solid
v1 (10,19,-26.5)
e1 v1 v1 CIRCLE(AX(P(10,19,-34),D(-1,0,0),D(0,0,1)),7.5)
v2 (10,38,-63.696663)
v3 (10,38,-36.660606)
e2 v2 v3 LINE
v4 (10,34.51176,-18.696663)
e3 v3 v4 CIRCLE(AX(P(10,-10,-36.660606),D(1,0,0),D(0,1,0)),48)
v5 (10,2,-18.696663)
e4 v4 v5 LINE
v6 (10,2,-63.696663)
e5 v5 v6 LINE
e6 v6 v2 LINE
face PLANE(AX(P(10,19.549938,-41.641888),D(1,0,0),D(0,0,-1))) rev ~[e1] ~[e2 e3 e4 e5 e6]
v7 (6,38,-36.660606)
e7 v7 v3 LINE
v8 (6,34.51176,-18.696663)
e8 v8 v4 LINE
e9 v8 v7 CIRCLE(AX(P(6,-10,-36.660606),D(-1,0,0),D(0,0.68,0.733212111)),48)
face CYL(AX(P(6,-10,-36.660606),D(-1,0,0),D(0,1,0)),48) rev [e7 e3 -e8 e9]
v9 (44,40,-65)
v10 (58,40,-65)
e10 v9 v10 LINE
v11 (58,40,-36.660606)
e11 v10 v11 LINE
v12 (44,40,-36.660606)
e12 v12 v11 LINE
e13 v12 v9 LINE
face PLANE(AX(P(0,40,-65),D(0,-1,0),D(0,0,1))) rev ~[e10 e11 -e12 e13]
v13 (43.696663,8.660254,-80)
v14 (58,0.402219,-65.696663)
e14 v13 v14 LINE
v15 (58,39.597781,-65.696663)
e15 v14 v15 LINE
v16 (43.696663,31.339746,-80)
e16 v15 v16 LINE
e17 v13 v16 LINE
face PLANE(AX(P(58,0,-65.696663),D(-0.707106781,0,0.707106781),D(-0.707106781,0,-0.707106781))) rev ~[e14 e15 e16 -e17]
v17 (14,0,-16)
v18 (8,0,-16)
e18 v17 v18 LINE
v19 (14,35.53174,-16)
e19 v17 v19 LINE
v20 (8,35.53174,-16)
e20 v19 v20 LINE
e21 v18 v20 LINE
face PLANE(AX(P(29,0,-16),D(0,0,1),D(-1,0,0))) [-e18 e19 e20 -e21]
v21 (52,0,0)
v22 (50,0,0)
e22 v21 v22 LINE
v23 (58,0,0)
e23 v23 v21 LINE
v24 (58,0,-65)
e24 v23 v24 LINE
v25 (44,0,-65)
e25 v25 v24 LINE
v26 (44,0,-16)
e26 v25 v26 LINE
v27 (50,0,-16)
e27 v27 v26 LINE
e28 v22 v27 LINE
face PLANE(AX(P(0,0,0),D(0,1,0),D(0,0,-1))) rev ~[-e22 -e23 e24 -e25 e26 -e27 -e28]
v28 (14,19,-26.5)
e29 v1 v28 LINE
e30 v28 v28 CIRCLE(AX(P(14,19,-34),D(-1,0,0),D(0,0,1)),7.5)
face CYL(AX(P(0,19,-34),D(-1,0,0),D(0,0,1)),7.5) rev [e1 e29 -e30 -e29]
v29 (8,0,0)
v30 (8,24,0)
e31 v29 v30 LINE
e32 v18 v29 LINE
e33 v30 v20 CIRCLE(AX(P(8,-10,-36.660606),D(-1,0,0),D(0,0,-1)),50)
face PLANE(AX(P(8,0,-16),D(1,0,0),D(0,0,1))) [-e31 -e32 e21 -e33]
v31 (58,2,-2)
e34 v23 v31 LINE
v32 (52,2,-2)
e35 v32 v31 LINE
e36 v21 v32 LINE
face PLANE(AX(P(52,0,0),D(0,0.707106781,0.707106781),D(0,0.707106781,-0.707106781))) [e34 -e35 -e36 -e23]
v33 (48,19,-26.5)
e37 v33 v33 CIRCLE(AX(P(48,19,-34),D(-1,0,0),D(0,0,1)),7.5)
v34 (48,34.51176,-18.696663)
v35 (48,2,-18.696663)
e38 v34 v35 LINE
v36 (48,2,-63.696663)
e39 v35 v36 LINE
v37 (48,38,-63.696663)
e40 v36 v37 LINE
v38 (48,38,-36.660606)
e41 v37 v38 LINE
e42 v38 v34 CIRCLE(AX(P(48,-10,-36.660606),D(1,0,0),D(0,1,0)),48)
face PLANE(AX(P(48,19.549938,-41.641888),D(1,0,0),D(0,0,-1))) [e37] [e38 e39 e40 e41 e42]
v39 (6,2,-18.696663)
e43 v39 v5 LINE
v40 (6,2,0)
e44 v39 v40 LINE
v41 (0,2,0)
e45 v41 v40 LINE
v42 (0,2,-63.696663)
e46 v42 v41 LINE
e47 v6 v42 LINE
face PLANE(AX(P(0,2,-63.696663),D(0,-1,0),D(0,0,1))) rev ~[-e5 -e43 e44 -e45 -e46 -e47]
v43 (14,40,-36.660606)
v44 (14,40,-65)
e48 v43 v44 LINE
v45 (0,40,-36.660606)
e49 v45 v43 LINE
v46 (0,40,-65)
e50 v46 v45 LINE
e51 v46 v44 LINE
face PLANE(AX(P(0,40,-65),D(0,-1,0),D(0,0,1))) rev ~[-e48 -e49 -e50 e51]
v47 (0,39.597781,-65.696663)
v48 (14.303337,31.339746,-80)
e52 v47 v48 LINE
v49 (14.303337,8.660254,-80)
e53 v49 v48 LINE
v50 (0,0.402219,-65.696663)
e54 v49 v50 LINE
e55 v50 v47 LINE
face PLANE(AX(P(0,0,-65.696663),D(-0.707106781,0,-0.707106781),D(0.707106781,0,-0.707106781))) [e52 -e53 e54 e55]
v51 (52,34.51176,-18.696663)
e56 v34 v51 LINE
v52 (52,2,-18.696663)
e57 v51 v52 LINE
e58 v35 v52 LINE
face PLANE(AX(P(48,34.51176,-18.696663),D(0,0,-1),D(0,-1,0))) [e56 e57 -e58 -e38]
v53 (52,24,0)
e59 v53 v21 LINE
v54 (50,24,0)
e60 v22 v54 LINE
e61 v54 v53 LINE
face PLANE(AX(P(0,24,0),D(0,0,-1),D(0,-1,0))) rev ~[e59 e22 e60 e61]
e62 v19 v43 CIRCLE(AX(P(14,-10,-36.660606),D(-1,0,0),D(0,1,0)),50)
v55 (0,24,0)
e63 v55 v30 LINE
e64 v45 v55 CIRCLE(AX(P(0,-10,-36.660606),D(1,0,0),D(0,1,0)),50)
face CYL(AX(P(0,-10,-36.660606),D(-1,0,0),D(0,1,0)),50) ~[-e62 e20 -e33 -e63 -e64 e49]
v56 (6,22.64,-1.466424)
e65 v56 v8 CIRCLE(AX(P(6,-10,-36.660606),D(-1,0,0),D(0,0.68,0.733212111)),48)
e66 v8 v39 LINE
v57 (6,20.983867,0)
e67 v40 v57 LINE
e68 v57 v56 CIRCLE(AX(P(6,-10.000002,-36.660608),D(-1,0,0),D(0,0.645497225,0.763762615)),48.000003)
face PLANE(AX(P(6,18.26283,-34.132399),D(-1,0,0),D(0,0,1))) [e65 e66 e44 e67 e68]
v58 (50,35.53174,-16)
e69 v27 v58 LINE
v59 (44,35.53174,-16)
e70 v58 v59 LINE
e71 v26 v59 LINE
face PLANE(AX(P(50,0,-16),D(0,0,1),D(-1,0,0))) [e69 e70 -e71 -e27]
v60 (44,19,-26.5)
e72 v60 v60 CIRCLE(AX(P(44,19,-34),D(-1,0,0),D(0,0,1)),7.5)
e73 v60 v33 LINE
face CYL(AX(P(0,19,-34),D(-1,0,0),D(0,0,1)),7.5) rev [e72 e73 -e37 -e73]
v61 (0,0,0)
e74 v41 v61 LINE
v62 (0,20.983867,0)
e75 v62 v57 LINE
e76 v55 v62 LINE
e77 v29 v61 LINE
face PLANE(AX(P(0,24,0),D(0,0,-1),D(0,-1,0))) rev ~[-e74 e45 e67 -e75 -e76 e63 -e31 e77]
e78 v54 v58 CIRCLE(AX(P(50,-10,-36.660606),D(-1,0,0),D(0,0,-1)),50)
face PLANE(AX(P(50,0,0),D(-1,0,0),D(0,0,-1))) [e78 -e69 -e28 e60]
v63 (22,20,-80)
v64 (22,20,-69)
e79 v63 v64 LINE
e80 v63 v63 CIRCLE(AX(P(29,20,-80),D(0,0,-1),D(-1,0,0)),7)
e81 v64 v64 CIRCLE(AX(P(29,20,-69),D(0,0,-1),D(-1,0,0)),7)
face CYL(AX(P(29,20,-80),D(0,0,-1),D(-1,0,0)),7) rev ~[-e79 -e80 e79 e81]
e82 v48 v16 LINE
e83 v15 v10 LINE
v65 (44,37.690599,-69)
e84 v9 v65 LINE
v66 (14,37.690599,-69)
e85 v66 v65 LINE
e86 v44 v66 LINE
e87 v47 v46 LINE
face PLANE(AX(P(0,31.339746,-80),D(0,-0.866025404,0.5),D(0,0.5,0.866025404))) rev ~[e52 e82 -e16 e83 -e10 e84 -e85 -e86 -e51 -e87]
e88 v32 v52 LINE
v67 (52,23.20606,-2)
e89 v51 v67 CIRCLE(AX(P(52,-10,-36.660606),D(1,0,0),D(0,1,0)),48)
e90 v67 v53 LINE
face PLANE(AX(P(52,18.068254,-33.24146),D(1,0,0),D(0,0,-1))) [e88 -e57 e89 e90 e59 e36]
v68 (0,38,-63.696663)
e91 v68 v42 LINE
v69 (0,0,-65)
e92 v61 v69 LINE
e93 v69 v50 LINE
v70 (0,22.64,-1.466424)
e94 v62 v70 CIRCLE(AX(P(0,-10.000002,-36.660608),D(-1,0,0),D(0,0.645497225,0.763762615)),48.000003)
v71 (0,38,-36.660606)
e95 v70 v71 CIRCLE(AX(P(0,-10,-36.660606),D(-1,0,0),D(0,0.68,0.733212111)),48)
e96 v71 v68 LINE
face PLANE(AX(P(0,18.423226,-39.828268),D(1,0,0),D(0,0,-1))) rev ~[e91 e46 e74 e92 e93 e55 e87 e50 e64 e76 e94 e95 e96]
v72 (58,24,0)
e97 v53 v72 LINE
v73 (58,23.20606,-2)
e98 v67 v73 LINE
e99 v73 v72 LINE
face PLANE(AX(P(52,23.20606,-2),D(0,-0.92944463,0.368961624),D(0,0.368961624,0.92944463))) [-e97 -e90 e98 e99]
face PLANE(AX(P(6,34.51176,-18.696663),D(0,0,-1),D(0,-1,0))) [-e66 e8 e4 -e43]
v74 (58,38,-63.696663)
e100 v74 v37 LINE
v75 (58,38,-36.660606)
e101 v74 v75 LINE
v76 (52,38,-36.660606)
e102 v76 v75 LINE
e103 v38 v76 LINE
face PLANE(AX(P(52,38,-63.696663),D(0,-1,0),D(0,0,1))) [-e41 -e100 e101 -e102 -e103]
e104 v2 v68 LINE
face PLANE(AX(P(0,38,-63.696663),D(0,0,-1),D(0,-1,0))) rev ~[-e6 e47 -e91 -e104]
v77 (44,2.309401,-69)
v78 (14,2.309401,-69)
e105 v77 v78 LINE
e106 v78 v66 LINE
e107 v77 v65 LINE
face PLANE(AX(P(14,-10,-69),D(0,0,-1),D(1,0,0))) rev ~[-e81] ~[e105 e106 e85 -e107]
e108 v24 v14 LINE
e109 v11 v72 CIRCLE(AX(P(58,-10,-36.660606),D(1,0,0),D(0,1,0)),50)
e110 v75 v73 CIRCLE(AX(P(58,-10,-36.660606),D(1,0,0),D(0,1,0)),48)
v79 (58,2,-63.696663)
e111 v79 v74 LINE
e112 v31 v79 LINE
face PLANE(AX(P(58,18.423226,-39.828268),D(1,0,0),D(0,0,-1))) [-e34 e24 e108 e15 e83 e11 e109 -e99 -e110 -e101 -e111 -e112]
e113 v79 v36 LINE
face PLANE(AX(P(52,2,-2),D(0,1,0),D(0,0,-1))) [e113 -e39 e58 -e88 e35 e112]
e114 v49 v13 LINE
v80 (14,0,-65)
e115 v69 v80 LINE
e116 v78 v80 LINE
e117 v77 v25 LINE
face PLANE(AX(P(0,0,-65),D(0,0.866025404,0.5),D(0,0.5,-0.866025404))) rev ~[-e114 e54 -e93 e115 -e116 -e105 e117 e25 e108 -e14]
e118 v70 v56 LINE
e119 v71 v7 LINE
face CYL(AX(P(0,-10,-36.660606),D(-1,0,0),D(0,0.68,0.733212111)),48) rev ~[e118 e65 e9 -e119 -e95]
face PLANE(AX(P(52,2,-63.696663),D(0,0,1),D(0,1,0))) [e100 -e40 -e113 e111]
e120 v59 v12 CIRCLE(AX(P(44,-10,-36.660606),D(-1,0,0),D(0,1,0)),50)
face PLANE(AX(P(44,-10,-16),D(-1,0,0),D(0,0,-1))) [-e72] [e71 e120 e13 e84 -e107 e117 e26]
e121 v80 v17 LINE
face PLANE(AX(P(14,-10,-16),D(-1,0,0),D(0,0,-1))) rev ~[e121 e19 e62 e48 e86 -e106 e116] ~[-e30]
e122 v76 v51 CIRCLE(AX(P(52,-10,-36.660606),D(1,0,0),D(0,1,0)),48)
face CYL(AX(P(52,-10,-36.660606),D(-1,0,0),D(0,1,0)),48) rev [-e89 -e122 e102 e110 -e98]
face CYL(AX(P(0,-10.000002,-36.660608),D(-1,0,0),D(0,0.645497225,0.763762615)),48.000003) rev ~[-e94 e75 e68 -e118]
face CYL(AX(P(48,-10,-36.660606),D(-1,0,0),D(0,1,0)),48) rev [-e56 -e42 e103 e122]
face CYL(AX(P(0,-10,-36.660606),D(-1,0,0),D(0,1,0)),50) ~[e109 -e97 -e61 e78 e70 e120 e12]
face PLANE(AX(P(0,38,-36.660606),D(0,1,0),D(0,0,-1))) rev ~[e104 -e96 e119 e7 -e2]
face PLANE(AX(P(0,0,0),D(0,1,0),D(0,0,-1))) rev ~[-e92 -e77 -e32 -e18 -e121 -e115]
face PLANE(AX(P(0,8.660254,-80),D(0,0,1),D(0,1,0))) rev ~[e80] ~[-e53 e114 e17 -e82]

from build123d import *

# Parameters (mm, degrees)
SKETCH1_R                           = 7.5
BOSS_EXTRUDE1_DEPTH                 = 58
CUT_EXTRUDE1_DEPTH                  = 107.60206377
CUT_EXTRUDE1_DEPTH_BACK             = 10
SKETCH3_W                           = 30
SKETCH3_H                           = 53
CUT_EXTRUDE3_DEPTH                  = 107.60206377
CUT_EXTRUDE3_DIRECTION_2_REACH      = 108.602
CUT_EXTRUDE3_DIRECTION_2_END_RADIUS = 50
CUT_EXTRUDE4_DEPTH                  = 107.60206377
SKETCH8_R                           = 7
CUT_EXTRUDE5_DEPTH                  = 107.60206377
SKETCH10_R                          = 7.5
CUT_EXTRUDE6_DEPTH                  = 6
CUT_EXTRUDE7_DEPTH                  = 4
CUT_EXTRUDE9_START                  = -6
SKETCH12_R                          = 7.5
CUT_EXTRUDE9_DEPTH                  = 6
CUT_EXTRUDE10_START                 = -4
CUT_EXTRUDE10_DEPTH                 = 4


with BuildPart() as part:
    # Sketch1 → Boss-Extrude1 (new body)
    with BuildSketch(Plane(origin=(0, 0, 0), x_dir=(0, 0, -1), z_dir=(1, 0, 0))):
        with BuildLine():
            Line((0, 0), (65, 0))
            Line((65, 0), (80, 8.660254038))
            Line((80, 8.660254038), (80, 31.339745962))
            Line((80, 31.339745962), (65, 40))
            Line((65, 40), (36.66060556, 40))
            ThreePointArc((36.66060556, 40), (16.66060556, 35.82575695), (0, 24))
            Line((0, 24), (0, 0))
        make_face()
        with Locations(Location((34, 19, 0), (0, 0, 180))):
            Circle(SKETCH1_R, mode=Mode.SUBTRACT)
    extrude(amount=BOSS_EXTRUDE1_DEPTH)

    # Sketch3 → Cut-Extrude1 (cut, two sides: drawn at the far end of the back side and taken through both)
    with BuildSketch(Plane(origin=(0, 0, 0), x_dir=(1, 0, 0), z_dir=(0, 1, 0)).offset(-CUT_EXTRUDE1_DEPTH_BACK)):
        with Locations((29, 42.5)):
            Rectangle(SKETCH3_W, SKETCH3_H)
    extrude(amount=CUT_EXTRUDE1_DEPTH + CUT_EXTRUDE1_DEPTH_BACK, mode=Mode.SUBTRACT)

    # Sketch5 → Cut-Extrude3 (cut)
    with BuildSketch(Plane(origin=(0, 0, 0), x_dir=(1, 0, 0), z_dir=(0, 1, 0))):
        Polygon((29, 0), (29, 16), (14, 16), (8, 16), (8, 0), align=None)
        Polygon((44, 16), (29, 16), (29, 0), (50, 0), (50, 16), align=None)
    extrude(amount=-CUT_EXTRUDE3_DEPTH, mode=Mode.SUBTRACT)

    # Cut-Extrude3 direction 2: up to this cylinder (the profile starts inside it)
    cut_extrude3_direction_2_end = Plane(origin=(29, -10, -36.66060556), z_dir=(-1, 0, 0)) * Cylinder(CUT_EXTRUDE3_DIRECTION_2_END_RADIUS, 339.204, mode=Mode.PRIVATE)
    # Sketch5 → Cut-Extrude3 direction 2 (cut, up to the surface)
    with BuildSketch(Plane(origin=(0, 0, 0), x_dir=(1, 0, 0), z_dir=(0, 1, 0)), mode=Mode.PRIVATE) as cut_extrude3_direction_2_sk1:
        Polygon((29, 0), (29, 16), (14, 16), (8, 16), (8, 0), align=None)
    cut_extrude3_direction_2_tool1 = extrude(cut_extrude3_direction_2_sk1.sketch, amount=CUT_EXTRUDE3_DIRECTION_2_REACH, mode=Mode.PRIVATE) & cut_extrude3_direction_2_end
    add(cut_extrude3_direction_2_tool1.solids().sort_by_distance((18.5, 0, -8))[0], mode=Mode.SUBTRACT)
    # Sketch5 → Cut-Extrude3 direction 2 (cut, up to the surface)
    with BuildSketch(Plane(origin=(0, 0, 0), x_dir=(1, 0, 0), z_dir=(0, 1, 0)), mode=Mode.PRIVATE) as cut_extrude3_direction_2_sk2:
        Polygon((44, 16), (29, 16), (29, 0), (50, 0), (50, 16), align=None)
    cut_extrude3_direction_2_tool2 = extrude(cut_extrude3_direction_2_sk2.sketch, amount=CUT_EXTRUDE3_DIRECTION_2_REACH, mode=Mode.PRIVATE) & cut_extrude3_direction_2_end
    add(cut_extrude3_direction_2_tool2.solids().sort_by_distance((39.5, 0, -8))[0], mode=Mode.SUBTRACT)

    # Sketch7 → Cut-Extrude4 (cut, through all)
    with BuildSketch(Plane(origin=(0, 0, 0), x_dir=(1, 0, 0), z_dir=(0, 1, 0))):
        Polygon((0, 65.69666313), (14.30333687, 80), (0, 80), align=None)
        Polygon((58, 65.69666313), (43.69666313, 80), (58, 80), align=None)
    extrude(amount=CUT_EXTRUDE4_DEPTH, mode=Mode.SUBTRACT)

    # Sketch8 → Cut-Extrude5 (cut, through all)
    with BuildSketch(Plane(origin=(0, 0, -80), x_dir=(-1, 0, 0), z_dir=(0, 0, -1))):
        with Locations((-29, 20)):
            Circle(SKETCH8_R)
    extrude(amount=-CUT_EXTRUDE5_DEPTH, mode=Mode.SUBTRACT)

    # Sketch10 → Cut-Extrude6 (cut)
    with BuildSketch(Plane.ZY):
        with BuildLine():
            Line((-36.66060556, 38), (-63.69666313, 38))
            Line((-63.69666313, 38), (-63.69666313, 2))
            Line((-63.69666313, 2), (0, 2))
            Line((0, 2), (0, 20.98386677))
            ThreePointArc((0, 20.98386677), (-0.7236706, 21.820381922), (-1.466424222, 22.64))
            ThreePointArc((-1.466424222, 22.64), (-17.46060556, 33.992726672), (-36.66060556, 38))
        make_face()
        with Locations((-34, 19)):
            Circle(SKETCH10_R, mode=Mode.SUBTRACT)
    extrude(amount=-CUT_EXTRUDE6_DEPTH, mode=Mode.SUBTRACT)

    # Sketch11 → Cut-Extrude7 (cut)
    with BuildSketch(Plane.ZY.offset(-6)):
        with BuildLine():
            Line((-63.69666313, 2), (-63.69666313, 38))
            Line((-63.69666313, 38), (-36.66060556, 38))
            ThreePointArc((-36.66060556, 38), (-27.510864492, 37.119870951), (-18.69666313, 34.511759933))
            Line((-18.69666313, 34.511759933), (-18.69666313, 2))
            Line((-18.69666313, 2), (-63.69666313, 2))
        make_face()
    extrude(amount=-CUT_EXTRUDE7_DEPTH, mode=Mode.SUBTRACT)

    # Sketch12 → Cut-Extrude9 (cut)
    with BuildSketch(Plane(origin=(58, 0, 0), x_dir=(0, 0, -1), z_dir=(1, 0, 0)).offset(CUT_EXTRUDE9_START)):
        with BuildLine():
            Line((63.69666313, 38), (36.66060556, 38))
            ThreePointArc((36.66060556, 38), (17.817714076, 34.146862182), (2, 23.206060023))
            Line((2, 23.206060023), (0, 24))
            Line((0, 24), (0, 0))
            Line((0, 0), (2, 2))
            Line((2, 2), (63.69666313, 2))
            Line((63.69666313, 2), (63.69666313, 38))
        make_face()
        with Locations(Location((34, 19, 0), (0, 0, 180))):
            Circle(SKETCH12_R, mode=Mode.SUBTRACT)
    extrude(amount=CUT_EXTRUDE9_DEPTH, mode=Mode.SUBTRACT)

    # Sketch13 → Cut-Extrude10 (cut)
    with BuildSketch(Plane(origin=(52, 0, 0), x_dir=(0, 0, -1), z_dir=(1, 0, 0)).offset(CUT_EXTRUDE10_START)):
        with BuildLine():
            Line((18.69666313, 34.511759933), (18.69666313, 2))
            Line((18.69666313, 2), (63.69666313, 2))
            Line((63.69666313, 2), (63.69666313, 38))
            Line((63.69666313, 38), (36.66060556, 38))
            ThreePointArc((36.66060556, 38), (27.510864492, 37.119870951), (18.69666313, 34.511759933))
        make_face()
    extrude(amount=CUT_EXTRUDE10_DEPTH, mode=Mode.SUBTRACT)


solid = part.part
